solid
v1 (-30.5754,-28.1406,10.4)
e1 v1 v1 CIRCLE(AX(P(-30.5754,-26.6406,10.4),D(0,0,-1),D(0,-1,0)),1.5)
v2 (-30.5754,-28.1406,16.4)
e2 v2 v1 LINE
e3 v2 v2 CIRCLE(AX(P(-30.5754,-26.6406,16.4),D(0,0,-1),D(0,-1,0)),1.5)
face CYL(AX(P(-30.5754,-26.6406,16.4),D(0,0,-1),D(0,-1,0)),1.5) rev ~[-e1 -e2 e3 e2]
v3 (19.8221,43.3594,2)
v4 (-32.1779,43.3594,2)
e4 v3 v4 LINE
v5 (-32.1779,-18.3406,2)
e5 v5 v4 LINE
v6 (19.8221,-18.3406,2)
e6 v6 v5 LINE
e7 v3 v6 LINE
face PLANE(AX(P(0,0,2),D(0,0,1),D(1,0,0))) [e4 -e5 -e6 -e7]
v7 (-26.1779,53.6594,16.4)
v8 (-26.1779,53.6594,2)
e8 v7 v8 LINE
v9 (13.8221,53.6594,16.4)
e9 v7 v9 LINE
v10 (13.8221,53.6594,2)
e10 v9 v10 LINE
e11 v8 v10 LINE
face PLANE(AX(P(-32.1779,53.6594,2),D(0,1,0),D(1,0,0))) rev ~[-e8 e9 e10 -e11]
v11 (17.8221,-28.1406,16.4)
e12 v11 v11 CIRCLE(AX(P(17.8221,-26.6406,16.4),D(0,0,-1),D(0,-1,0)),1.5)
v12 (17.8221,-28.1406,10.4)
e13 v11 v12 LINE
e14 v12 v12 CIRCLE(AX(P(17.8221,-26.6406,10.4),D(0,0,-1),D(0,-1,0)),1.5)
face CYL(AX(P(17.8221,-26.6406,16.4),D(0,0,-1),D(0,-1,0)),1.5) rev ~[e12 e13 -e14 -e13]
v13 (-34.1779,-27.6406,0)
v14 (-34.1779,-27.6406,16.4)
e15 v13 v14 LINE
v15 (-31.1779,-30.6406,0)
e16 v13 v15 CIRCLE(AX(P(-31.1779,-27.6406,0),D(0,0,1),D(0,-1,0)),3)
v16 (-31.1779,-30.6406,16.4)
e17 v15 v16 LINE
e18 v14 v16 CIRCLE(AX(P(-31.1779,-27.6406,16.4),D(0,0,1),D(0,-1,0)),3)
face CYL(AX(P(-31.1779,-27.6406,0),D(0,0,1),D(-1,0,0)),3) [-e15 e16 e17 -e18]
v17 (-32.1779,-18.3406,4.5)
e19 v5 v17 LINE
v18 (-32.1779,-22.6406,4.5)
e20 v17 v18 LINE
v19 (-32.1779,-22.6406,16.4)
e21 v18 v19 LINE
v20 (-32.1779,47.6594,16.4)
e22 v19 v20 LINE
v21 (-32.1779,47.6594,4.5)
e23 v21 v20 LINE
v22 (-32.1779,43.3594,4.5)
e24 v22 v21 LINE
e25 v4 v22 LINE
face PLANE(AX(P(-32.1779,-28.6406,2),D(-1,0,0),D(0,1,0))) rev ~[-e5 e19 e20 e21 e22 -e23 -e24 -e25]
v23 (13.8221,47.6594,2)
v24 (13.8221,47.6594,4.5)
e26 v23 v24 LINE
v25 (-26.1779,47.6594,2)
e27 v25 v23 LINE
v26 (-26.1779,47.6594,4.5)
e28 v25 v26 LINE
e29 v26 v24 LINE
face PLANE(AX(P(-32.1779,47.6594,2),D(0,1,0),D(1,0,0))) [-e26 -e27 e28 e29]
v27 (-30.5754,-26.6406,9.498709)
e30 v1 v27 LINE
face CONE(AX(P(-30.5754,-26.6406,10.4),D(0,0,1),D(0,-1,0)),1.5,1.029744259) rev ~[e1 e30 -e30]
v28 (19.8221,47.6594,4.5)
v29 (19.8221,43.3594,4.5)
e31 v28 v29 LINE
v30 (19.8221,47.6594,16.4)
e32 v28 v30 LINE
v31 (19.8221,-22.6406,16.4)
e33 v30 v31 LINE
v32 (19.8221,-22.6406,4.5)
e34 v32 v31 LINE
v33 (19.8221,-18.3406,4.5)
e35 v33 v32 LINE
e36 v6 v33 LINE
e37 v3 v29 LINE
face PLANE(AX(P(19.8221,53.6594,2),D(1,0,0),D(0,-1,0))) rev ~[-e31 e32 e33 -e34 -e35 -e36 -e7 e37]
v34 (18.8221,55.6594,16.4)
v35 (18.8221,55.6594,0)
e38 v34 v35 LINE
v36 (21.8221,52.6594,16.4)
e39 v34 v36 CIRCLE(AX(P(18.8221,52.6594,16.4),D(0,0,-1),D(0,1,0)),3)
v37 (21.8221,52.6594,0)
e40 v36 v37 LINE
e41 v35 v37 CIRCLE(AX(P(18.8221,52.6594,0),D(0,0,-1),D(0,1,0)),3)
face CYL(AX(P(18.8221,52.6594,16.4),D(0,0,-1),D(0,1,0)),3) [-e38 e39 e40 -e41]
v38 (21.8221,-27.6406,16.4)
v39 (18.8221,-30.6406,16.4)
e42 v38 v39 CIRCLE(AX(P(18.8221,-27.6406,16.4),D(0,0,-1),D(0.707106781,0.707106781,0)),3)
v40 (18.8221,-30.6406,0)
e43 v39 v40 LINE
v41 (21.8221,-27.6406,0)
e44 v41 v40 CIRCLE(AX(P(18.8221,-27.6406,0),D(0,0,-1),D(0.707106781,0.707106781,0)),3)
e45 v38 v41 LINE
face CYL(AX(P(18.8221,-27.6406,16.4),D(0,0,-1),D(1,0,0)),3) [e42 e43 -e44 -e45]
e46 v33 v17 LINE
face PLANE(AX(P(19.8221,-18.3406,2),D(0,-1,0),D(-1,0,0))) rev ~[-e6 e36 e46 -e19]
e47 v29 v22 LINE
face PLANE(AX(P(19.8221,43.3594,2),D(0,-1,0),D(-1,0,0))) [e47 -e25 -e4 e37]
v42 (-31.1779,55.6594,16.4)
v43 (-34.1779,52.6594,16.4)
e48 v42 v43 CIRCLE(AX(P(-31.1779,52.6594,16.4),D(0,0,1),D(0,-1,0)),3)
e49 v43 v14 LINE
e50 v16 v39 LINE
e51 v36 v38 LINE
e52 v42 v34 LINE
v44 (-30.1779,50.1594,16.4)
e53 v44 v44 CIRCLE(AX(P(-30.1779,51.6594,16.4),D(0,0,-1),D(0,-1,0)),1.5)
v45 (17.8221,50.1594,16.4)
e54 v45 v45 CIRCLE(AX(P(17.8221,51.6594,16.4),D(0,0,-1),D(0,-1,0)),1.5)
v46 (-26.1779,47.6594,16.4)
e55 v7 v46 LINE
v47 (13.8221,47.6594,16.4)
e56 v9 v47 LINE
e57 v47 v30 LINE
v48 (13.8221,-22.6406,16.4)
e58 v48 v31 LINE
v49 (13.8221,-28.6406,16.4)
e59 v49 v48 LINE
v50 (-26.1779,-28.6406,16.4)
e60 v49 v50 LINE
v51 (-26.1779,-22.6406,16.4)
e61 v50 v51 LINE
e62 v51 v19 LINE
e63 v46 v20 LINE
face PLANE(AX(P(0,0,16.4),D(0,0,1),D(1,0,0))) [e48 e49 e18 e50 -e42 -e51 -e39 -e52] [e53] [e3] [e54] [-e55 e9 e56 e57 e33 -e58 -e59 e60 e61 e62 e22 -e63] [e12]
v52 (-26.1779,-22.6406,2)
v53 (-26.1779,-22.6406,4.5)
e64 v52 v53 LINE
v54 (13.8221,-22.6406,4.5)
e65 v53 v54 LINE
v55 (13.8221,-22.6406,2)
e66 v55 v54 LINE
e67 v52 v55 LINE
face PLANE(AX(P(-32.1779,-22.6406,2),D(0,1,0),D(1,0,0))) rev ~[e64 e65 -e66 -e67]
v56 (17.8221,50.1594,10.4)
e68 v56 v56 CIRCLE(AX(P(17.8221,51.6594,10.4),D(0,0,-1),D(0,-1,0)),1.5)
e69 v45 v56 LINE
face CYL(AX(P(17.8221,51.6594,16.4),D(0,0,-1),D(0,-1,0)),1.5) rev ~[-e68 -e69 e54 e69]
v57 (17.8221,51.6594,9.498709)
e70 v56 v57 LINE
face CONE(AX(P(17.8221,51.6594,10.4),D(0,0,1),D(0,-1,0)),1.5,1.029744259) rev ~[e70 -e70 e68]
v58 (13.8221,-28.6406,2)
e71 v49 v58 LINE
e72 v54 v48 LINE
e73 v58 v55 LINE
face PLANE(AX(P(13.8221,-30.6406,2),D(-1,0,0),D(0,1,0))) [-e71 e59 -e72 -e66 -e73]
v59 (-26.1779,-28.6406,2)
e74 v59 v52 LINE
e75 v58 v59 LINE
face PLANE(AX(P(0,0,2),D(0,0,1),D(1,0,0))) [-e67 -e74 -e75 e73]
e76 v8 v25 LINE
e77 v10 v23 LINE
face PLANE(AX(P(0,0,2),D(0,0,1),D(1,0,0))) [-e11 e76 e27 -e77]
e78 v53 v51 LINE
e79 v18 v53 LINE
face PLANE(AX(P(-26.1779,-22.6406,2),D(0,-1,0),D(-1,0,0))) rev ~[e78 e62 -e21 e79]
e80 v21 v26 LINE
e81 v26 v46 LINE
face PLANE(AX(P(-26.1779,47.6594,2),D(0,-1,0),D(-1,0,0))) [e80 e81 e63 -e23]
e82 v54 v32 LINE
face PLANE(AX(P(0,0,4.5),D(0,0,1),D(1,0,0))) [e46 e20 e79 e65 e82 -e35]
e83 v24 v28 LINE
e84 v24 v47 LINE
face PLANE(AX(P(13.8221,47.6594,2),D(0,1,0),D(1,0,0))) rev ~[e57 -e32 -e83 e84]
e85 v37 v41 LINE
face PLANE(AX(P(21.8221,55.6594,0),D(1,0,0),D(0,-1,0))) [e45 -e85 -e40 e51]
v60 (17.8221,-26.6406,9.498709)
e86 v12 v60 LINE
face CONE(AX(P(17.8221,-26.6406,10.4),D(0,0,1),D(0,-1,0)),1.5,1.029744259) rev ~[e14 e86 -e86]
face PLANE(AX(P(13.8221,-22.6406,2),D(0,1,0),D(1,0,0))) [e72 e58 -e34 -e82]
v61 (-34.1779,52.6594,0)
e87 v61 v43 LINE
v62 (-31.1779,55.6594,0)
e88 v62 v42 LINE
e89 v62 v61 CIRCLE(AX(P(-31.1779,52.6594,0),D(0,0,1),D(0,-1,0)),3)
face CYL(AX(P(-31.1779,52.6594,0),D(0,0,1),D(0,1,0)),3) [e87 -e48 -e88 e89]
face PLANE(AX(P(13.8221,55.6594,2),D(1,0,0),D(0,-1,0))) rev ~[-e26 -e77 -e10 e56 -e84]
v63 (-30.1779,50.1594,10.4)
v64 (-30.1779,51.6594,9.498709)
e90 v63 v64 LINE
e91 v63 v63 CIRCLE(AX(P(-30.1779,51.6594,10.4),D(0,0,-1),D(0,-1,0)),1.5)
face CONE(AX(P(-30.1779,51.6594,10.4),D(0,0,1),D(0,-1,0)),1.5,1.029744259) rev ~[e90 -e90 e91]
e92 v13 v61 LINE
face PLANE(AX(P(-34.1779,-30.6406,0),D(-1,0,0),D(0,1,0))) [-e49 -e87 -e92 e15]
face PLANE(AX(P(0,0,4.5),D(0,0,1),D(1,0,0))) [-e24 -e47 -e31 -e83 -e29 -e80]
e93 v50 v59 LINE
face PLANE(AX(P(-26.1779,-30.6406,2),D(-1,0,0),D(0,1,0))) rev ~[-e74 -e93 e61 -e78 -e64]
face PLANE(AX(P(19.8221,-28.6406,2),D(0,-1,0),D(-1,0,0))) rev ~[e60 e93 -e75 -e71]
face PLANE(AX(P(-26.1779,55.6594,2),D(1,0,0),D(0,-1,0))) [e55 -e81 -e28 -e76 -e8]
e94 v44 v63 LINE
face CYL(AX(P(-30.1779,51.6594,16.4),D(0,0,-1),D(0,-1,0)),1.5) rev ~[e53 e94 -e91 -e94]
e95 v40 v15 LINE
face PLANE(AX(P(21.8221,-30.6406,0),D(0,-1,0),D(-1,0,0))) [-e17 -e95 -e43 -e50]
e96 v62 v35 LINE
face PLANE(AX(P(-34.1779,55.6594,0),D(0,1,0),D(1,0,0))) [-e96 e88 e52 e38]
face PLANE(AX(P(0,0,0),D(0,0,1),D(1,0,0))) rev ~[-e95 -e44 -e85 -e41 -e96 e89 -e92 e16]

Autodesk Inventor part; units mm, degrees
ref_plane "YZ Plane" through (0, 0, 0) normal (1, 0, 0) x (0, 1, 0)
ref_plane "XZ Plane" through (0, 0, 0) normal (0, 1, 0) x (-1, 0, 0)
ref_plane "XY Plane" through (0, 0, 0) normal (0, 0, 1) x (1, 0, 0)
sketch "Sketch1" plane through (0, 0, 0) normal (0, 0, 1) x (1, 0, 0)
  line L0 (-34.1779, 55.6594) -> (21.8221, 55.6594)
  line L1 (21.8221, 55.6594) -> (21.8221, -30.6406)
  line L2 (21.8221, -30.6406) -> (-34.1779, -30.6406)
  line L3 (-34.1779, -30.6406) -> (-34.1779, 55.6594)
  point P0 (0, 0)
  dimension "d0" = 56
  dimension "d1" = 86.3
extrude "Extrusion1" add sketch "Sketch1" along normal blind 2
sketch "Sketch2" plane through (0, 0, 2) normal (0, 0, 1) x (1, 0, 0)
  line L0 (-34.1779, 55.6594) -> (21.8221, 55.6594)
  line L1 (21.8221, 55.6594) -> (21.8221, -30.6406)
  line L2 (21.8221, -30.6406) -> (-34.1779, -30.6406)
  line L3 (-34.1779, -30.6406) -> (-34.1779, 55.6594)
  line L4 (-32.1779, 53.6594) -> (19.8221, 53.6594)
  line L5 (19.8221, 53.6594) -> (19.8221, -28.6406)
  line L6 (19.8221, -28.6406) -> (-32.1779, -28.6406)
  line L7 (-32.1779, -28.6406) -> (-32.1779, 53.6594)
  point P0 (0, 0)
  dimension "d4" = 2
  dimension "d5" = 2
  dimension "d6" = 2
  dimension "d7" = 2
extrude "Extrusion2" add sketch "Sketch2" along normal blind 14.4
sketch "Sketch3" plane through (0, 0, 2) normal (0, 0, 1) x (1, 0, 0)
  line L0 (-34.1779, 55.6594) -> (-26.1779, 55.6594)
  line L1 (-26.1779, 55.6594) -> (-26.1779, 47.6594)
  line L2 (-26.1779, 47.6594) -> (-34.1779, 47.6594)
  line L3 (-34.1779, 47.6594) -> (-34.1779, 55.6594)
  line L4 (21.8221, 55.6594) -> (13.8221, 55.6594)
  line L5 (13.8221, 55.6594) -> (13.8221, 47.6594)
  line L6 (13.8221, 47.6594) -> (21.8221, 47.6594)
  line L7 (21.8221, 47.6594) -> (21.8221, 55.6594)
  line L8 (-34.1779, -30.6406) -> (-26.1779, -30.6406)
  line L9 (-26.1779, -30.6406) -> (-26.1779, -22.6406)
  line L10 (-26.1779, -22.6406) -> (-34.1779, -22.6406)
  line L11 (-34.1779, -22.6406) -> (-34.1779, -30.6406)
  line L12 (21.8221, -30.6406) -> (13.8221, -30.6406)
  line L13 (13.8221, -30.6406) -> (13.8221, -22.6406)
  line L14 (13.8221, -22.6406) -> (21.8221, -22.6406)
  line L15 (21.8221, -22.6406) -> (21.8221, -30.6406)
  line L16 (-34.1779, -30.6406) -> (21.8221, -30.6406) projected
  point P0 (0, 0)
  dimension "d10" = 8
  dimension "d11" = 8
  dimension "d12" = 8
  dimension "d13" = 8
  dimension "d14" = 8
  dimension "d15" = 8
  dimension "d16" = 8
  dimension "d17" = 8
extrude "Extrusion3" add sketch "Sketch3" along normal blind 14.4
sketch "Sketch4" plane through (0, 0, 16.4) normal (0, 0, 1) x (1, 0, 0)
  line L0 (-26.1779, -22.6406) -> (-32.1779, -22.6406) projected
  line L1 (19.8221, -22.6406) -> (13.8221, -22.6406) projected
  line L2 (21.8221, 55.6594) -> (21.8221, -30.6406) projected
  line L3 (21.8221, 55.6594) -> (-34.1779, 55.6594) projected
  line L4 (-34.1779, -30.6406) -> (-34.1779, 55.6594) projected
  point P0 (0, 0)
  point P1 (-30.1779, 51.6594)
  point P2 (17.8221, 51.6594)
  point P3 (-30.5754, -26.6406)
  point P4 (17.8221, -26.6406)
  dimension "d20" = 4
  dimension "d21" = 4
  dimension "d22" = 4
  dimension "d23" = 4
  dimension "d24" = 4
  dimension "d25" = 4
  dimension "d26" = 4
hole "Hole1" at (-30.1779, 51.6594, 16.4) at (17.8221, 51.6594, 16.4) at (-30.5754, -26.6406, 16.4) at (17.8221, -26.6406, 16.4) direction (0, 0, -1) diameter 3 depth 6 tip angle 118
fillet "Fillet1" radius 3 4 edges at (-34.1779, 55.6594, 8.2) (21.8221, 55.6594, 8.2) (-34.1779, -30.6406, 8.2) (21.8221, -30.6406, 8.2)
sketch "Sketch5" plane through (0, 0, 2) normal (0, 0, 1) x (1, 0, 0)
  line L0 (-32.1779, 47.6594) -> (19.8221, 47.6594)
  line L1 (19.8221, 47.6594) -> (19.8221, 43.3594)
  line L2 (19.8221, 43.3594) -> (-32.1779, 43.3594)
  line L3 (-32.1779, 43.3594) -> (-32.1779, 47.6594)
  line L4 (19.8221, 47.6594) -> (19.8221, -22.6406) projected
  line L5 (-32.1779, -22.6406) -> (19.8221, -22.6406)
  line L6 (19.8221, -22.6406) -> (19.8221, -18.3406)
  line L7 (19.8221, -18.3406) -> (-32.1779, -18.3406)
  line L8 (-32.1779, -18.3406) -> (-32.1779, -22.6406)
  point P0 (0, 0)
  dimension "d35" = 4.3
  dimension "d36" = 4.3
extrude "Extrusion4" add sketch "Sketch5" along normal blind 2.5
properties part number "base v2"
